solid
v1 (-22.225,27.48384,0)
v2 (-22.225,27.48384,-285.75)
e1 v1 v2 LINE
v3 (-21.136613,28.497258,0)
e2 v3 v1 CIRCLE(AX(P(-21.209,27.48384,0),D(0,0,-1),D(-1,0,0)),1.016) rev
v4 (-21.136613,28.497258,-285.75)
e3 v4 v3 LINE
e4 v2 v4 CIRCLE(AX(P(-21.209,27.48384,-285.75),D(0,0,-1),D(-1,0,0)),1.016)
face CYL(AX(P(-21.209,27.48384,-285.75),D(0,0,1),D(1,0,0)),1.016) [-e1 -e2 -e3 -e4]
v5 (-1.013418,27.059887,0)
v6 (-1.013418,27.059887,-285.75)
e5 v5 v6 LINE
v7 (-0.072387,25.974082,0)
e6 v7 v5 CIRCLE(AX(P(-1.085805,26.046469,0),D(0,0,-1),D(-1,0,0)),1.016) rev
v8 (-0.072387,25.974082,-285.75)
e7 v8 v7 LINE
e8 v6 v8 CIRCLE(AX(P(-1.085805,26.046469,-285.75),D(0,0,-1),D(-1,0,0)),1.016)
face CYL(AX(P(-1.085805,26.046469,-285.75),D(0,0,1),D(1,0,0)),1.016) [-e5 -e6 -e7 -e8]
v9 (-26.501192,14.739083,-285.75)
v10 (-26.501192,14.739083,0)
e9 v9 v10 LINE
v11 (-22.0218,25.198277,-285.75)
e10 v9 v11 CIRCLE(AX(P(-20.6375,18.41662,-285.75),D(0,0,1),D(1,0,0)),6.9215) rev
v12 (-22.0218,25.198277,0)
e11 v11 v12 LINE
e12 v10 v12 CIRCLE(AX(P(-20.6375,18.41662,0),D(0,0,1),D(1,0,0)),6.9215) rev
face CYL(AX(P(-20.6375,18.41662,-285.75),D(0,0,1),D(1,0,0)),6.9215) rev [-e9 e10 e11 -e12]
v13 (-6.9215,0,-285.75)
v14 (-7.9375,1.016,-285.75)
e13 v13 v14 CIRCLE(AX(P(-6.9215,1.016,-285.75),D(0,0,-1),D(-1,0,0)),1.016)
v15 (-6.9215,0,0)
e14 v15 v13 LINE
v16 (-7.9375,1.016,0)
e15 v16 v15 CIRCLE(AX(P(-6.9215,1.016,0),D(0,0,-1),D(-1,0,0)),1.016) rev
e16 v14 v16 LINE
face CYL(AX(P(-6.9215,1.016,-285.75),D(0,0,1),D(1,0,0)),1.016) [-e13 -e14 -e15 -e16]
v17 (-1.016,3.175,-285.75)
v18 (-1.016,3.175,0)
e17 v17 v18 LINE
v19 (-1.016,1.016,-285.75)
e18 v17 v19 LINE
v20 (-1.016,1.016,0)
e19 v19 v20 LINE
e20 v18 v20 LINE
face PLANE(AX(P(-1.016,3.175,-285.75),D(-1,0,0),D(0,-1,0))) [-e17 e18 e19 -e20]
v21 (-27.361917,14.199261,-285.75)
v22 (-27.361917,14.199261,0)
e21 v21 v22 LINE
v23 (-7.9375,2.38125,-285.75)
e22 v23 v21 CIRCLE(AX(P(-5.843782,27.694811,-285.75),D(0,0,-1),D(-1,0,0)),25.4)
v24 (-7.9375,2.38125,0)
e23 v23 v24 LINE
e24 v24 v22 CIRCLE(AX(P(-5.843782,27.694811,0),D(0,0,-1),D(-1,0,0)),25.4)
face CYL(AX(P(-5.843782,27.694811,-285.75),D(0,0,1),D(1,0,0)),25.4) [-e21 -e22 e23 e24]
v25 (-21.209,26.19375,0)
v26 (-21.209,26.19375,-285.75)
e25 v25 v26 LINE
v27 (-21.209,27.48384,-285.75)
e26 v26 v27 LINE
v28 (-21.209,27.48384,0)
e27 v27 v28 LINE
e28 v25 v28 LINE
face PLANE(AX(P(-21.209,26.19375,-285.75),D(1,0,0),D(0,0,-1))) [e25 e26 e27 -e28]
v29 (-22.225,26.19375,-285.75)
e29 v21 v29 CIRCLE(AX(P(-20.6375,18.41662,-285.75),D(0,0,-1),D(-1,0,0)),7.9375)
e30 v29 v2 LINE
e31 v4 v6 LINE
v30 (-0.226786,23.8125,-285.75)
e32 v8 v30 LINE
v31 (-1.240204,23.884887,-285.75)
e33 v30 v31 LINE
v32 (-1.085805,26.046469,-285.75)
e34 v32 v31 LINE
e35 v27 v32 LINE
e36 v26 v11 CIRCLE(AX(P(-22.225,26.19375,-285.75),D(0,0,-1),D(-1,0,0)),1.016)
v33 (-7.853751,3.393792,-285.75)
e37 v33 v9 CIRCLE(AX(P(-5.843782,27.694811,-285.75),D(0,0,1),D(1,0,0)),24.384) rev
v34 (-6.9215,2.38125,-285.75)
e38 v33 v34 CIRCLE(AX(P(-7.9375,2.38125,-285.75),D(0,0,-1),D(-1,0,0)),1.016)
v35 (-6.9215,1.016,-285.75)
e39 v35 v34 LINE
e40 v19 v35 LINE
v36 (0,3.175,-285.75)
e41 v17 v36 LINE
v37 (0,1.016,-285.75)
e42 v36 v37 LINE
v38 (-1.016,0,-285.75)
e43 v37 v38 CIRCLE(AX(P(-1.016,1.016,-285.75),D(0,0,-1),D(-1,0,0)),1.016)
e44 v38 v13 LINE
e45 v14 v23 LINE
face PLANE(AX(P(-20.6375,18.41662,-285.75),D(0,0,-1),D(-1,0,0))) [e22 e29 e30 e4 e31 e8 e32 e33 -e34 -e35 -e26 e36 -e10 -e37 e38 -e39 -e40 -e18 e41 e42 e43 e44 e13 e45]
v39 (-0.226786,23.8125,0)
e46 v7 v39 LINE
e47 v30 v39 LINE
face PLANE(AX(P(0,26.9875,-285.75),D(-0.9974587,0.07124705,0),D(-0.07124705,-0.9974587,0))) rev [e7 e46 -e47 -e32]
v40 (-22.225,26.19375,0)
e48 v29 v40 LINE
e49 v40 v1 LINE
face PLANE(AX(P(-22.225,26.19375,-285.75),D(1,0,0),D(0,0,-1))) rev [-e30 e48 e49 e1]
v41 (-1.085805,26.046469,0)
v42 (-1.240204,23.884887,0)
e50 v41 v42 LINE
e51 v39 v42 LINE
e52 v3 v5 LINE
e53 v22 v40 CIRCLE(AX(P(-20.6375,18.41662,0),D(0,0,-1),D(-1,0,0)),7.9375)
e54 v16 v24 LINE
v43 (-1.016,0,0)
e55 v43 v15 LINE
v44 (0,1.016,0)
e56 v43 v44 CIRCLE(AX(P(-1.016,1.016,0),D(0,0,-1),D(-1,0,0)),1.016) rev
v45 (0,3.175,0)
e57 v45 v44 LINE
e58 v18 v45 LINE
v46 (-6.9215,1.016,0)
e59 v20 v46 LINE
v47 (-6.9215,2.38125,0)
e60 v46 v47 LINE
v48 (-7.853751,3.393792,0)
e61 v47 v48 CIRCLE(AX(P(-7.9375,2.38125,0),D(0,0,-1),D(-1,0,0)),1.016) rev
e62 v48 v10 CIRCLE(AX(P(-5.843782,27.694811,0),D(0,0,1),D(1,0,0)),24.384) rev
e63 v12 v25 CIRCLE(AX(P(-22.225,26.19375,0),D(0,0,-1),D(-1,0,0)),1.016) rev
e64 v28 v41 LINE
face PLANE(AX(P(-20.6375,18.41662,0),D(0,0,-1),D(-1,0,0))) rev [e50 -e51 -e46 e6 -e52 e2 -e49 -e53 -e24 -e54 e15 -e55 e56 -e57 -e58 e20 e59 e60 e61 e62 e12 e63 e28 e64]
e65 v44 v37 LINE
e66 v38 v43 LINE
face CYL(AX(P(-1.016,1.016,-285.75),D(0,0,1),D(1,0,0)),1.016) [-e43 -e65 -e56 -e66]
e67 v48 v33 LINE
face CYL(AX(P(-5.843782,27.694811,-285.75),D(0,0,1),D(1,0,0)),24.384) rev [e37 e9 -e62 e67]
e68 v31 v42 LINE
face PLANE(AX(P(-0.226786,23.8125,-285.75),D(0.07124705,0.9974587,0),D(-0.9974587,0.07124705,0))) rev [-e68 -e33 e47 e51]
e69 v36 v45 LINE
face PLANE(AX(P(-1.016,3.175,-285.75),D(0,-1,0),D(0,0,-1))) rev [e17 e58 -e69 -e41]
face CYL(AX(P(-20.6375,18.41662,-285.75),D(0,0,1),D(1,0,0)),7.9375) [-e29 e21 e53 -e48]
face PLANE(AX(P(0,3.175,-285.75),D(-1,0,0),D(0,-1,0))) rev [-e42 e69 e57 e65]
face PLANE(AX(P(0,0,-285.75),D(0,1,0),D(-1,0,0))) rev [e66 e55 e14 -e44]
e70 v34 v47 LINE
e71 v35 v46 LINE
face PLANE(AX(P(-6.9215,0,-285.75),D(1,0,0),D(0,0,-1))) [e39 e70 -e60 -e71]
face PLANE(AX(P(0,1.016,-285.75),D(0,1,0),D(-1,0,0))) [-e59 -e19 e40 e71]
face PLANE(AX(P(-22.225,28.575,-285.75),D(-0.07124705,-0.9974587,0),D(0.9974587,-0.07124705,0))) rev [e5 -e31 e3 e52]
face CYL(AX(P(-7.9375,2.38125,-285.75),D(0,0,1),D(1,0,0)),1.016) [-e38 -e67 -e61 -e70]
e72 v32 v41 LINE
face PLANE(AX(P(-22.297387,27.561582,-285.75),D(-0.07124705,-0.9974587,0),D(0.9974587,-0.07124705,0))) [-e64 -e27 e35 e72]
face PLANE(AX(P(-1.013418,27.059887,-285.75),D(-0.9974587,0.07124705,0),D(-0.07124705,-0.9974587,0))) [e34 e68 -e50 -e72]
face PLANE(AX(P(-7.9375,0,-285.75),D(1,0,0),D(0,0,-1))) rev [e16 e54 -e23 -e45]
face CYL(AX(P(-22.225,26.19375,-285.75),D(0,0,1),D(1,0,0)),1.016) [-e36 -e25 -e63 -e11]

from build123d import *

# Parameters (mm, degrees)
EXTRUDE_THIN1_DEPTH = 285.75
FILLET1_R           = 1.016


with BuildPart() as part:
    # Sketch1 → Extrude-Thin1 (new body)
    with BuildSketch(Plane.XY):
        with BuildLine():
            Line((0, 3.175), (0, 0))
            Line((0, 0), (-7.9375, 0))
            Line((-7.9375, 0), (-7.9375, 2.38125))
            ThreePointArc((-7.9375, 2.38125), (-19.045912437, 5.99541523), (-27.361917214, 14.199260776))
            ThreePointArc((-27.361917214, 14.199260776), (-27.934001551, 21.541515485), (-22.225, 26.19375))
            Line((-22.225, 26.19375), (-22.225, 28.575))
            Line((-22.225, 28.575), (0, 26.9875))
            Line((0, 26.9875), (-0.226785714, 23.8125))
            Line((-0.226785714, 23.8125), (-1.240203753, 23.884887003))
            Line((-1.240203753, 23.884887003), (-1.085805042, 26.046468964))
            Line((-1.085805042, 26.046468964), (-21.209, 27.483840032))
            Line((-21.209, 27.483840032), (-21.209, 25.314485679))
            ThreePointArc((-21.209, 25.314485679), (-26.827226174, 21.514111333), (-26.50119181, 14.739082765))
            ThreePointArc((-26.50119181, 14.739082765), (-18.11648679, 6.624447995), (-6.9215, 3.334638499))
            Line((-6.9215, 3.334638499), (-6.9215, 1.016))
            Line((-6.9215, 1.016), (-1.016, 1.016))
            Line((-1.016, 1.016), (-1.016, 3.175))
            Line((-1.016, 3.175), (0, 3.175))
        make_face()
    extrude(amount=-EXTRUDE_THIN1_DEPTH)

    # Fillet1
    fillet1_edges = [part.edges().sort_by_distance(p)[0] for p in [
        (-21.209, 25.314485679, -142.875),
        (-6.9215, 3.334638499, -142.875),
        (0, 0, -142.875),
        (-7.9375, 0, -142.875),
        (-22.225, 28.575, -142.875),
        (0, 26.9875, -142.875),
    ]]
    fillet(fillet1_edges, radius=FILLET1_R)


solid = part.part
